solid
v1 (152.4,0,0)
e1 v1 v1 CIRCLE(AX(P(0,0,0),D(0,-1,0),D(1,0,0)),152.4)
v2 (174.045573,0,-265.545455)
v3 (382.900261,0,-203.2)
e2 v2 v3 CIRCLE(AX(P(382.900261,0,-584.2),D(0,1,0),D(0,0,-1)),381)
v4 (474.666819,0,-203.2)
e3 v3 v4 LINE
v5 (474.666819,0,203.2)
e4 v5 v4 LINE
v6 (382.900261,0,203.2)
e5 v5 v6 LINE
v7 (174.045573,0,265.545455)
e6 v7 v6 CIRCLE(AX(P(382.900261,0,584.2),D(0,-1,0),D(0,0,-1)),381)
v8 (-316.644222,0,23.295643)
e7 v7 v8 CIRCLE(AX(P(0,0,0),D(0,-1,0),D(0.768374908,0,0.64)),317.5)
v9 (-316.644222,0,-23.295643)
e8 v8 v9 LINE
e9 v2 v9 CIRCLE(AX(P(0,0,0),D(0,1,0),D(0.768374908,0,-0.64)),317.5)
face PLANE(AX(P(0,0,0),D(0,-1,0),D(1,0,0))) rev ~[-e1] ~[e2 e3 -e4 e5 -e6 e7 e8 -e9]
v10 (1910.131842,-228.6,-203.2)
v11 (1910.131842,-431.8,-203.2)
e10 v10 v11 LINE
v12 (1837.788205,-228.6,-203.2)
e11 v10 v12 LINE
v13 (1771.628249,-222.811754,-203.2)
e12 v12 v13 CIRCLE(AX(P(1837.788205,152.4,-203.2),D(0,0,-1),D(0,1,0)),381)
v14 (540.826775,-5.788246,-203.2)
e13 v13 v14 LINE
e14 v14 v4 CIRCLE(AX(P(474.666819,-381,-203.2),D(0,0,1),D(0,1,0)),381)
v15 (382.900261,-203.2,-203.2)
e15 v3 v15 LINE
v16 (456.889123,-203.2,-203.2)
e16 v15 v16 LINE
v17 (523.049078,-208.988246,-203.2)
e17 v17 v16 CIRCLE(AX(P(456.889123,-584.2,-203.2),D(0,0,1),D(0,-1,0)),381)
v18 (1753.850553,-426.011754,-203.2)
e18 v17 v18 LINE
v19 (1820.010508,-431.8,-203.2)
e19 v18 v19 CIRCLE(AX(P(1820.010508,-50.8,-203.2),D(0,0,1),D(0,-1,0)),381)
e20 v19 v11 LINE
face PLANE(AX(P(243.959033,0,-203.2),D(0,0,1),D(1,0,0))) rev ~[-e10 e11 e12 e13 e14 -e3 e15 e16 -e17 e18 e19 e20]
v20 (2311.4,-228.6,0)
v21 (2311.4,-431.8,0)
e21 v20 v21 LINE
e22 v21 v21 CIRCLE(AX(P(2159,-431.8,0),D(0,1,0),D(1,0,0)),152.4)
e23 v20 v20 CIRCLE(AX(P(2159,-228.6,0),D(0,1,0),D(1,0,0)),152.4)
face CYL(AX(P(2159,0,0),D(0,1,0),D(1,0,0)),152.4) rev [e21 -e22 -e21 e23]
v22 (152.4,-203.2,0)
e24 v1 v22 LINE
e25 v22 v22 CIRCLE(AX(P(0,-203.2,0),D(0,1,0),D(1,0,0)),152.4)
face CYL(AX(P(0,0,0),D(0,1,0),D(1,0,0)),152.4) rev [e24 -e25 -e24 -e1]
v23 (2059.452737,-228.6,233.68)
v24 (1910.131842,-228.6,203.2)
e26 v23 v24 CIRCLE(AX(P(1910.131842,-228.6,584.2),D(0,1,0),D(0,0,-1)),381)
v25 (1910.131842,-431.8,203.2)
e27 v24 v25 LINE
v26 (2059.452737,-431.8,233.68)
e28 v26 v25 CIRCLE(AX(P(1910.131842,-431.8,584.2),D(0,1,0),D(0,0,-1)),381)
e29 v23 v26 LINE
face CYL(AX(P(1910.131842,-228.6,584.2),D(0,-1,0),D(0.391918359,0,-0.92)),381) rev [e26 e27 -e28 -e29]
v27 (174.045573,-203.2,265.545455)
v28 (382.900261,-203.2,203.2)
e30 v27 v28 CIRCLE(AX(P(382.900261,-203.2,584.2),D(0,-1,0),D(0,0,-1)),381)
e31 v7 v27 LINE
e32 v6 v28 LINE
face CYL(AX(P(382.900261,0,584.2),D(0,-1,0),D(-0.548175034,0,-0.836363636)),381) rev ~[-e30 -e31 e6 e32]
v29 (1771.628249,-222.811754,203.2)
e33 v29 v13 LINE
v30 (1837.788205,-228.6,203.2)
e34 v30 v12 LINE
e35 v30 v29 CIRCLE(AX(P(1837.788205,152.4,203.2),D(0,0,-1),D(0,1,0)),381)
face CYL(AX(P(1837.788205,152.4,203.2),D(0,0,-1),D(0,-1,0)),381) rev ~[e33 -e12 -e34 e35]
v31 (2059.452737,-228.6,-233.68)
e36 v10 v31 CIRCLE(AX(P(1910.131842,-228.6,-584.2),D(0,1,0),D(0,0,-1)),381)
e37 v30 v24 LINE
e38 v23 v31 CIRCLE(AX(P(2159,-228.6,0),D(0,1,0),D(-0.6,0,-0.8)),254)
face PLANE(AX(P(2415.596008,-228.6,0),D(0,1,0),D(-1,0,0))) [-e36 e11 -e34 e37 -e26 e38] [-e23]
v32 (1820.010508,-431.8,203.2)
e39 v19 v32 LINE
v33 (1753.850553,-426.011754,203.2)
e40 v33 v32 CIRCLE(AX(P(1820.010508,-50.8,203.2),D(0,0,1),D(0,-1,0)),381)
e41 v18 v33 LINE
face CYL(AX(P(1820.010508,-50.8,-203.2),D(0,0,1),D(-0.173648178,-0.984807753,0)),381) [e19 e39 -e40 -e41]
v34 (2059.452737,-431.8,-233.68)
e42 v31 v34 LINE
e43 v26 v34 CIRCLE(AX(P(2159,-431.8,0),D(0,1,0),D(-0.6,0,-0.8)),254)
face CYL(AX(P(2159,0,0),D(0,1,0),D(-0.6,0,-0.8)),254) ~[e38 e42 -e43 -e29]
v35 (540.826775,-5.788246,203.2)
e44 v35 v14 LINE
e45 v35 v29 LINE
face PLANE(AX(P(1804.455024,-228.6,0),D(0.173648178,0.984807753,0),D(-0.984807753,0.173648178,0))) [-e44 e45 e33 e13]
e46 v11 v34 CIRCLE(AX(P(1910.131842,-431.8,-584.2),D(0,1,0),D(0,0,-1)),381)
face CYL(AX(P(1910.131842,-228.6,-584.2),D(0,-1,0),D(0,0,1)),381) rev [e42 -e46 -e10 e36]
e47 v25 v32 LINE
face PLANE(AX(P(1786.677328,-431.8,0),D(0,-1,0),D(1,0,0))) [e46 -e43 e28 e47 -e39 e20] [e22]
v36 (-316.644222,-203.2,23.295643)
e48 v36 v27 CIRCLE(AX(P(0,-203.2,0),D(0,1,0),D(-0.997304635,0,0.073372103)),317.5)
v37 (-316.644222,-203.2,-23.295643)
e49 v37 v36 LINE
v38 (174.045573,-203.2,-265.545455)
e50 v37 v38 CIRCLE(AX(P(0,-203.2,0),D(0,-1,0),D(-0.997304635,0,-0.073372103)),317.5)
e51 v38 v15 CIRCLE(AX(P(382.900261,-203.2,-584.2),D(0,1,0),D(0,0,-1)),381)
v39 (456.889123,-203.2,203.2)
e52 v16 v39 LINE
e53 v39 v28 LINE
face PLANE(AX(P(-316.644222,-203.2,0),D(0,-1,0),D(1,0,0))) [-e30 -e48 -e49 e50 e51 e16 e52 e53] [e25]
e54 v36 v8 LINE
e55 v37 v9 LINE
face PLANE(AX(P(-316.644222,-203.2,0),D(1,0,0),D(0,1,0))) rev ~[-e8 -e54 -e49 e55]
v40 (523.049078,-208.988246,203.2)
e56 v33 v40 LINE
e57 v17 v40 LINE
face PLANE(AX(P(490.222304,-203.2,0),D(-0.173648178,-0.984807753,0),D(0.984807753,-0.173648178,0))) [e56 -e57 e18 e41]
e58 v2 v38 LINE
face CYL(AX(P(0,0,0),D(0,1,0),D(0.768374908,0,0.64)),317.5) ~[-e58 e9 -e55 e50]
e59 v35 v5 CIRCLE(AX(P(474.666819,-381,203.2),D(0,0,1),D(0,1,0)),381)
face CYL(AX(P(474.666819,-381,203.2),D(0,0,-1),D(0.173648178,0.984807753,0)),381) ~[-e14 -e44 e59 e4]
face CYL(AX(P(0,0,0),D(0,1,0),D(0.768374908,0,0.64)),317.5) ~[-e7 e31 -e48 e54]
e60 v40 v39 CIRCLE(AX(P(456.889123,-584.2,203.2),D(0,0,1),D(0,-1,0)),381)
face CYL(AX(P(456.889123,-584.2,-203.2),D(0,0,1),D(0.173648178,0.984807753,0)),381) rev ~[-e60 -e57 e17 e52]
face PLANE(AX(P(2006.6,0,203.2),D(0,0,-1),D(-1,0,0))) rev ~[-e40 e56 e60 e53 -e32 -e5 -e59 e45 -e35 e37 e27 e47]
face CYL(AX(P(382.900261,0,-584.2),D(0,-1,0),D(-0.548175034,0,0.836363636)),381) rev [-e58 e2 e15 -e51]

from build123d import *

# Parameters (mm, degrees)
F0_R     = 152.4
F1_DEPTH = 635
F2_W     = 560.6032549905
F2_H     = 203.2
F2_W_2   = 2.5960083008
F3_DEPTH = 317.5
F4_R     = 381


with BuildPart() as f1:
    # F0 (on Front) → F1 (new body)
    with BuildSketch(Plane.XZ):
        with BuildLine():
            ThreePointArc((243.9590334462, -203.2), (298.5491945385, -108.0491945385), (317.5, 0))
            ThreePointArc((317.5, 0), (298.5491945385, 108.0491945385), (243.9590334462, 203.2))
            ThreePointArc((243.9590334462, 203.2), (-317.5, 0), (243.9590334462, -203.2))
        make_face()
        Circle(F0_R, mode=Mode.SUBTRACT)
        with BuildLine():
            ThreePointArc((243.9590334462, 203.2), (298.5491945385, 108.0491945385), (317.5, 0))
            ThreePointArc((317.5, 0), (298.5491945385, -108.0491945385), (243.9590334462, -203.2))
            Line((243.9590334462, -203.2), (2006.6, -203.2))
            ThreePointArc((2006.6, -203.2), (1905, 0), (2006.6, 203.2))
            Line((2006.6, 203.2), (243.9590334462, 203.2))
        make_face()
        with BuildLine():
            ThreePointArc((2413, 0), (2272.592253257, 227.184506514), (2006.6, 203.2))
            ThreePointArc((2006.6, 203.2), (1905, 0), (2006.6, -203.2))
            ThreePointArc((2006.6, -203.2), (2272.592253257, -227.184506514), (2413, 0))
        make_face()
        with Locations((2159, 0)):
            Circle(F0_R, mode=Mode.SUBTRACT)
    extrude(amount=F1_DEPTH)

    # F2 (on Top) → F3 (intersect, symmetric)
    with BuildSketch(Plane.XY):
        with Locations((-36.342594049, -101.6)):
            Rectangle(F2_W, F2_H)
        Polygon((508, 0), (243.9590334462, 0), (243.9590334462, -203.2), (490.2223035715, -203.2), (1786.6773275361, -431.8), (2413, -431.8), (2413, -228.6), (1804.4550239646, -228.6), align=None)
        with Locations((2414.2980041504, -330.2)):
            Rectangle(F2_W_2, F2_H)
    extrude(amount=F3_DEPTH, both=True, mode=Mode.INTERSECT)

    # F4
    f4_edges = [f1.edges().sort_by_distance(p)[0] for p in [
        (508, 0, 0),
        (1804.455024, -228.6, 0),
        (490.222304, -203.2, 0),
        (1786.677328, -431.8, 0),
        (243.959033, -101.6, 203.2),
        (2006.6, -330.2, 203.2),
        (2006.6, -330.2, -203.2),
        (243.959033, -101.6, -203.2),
    ]]
    fillet(f4_edges, radius=F4_R)


solid = f1.part
